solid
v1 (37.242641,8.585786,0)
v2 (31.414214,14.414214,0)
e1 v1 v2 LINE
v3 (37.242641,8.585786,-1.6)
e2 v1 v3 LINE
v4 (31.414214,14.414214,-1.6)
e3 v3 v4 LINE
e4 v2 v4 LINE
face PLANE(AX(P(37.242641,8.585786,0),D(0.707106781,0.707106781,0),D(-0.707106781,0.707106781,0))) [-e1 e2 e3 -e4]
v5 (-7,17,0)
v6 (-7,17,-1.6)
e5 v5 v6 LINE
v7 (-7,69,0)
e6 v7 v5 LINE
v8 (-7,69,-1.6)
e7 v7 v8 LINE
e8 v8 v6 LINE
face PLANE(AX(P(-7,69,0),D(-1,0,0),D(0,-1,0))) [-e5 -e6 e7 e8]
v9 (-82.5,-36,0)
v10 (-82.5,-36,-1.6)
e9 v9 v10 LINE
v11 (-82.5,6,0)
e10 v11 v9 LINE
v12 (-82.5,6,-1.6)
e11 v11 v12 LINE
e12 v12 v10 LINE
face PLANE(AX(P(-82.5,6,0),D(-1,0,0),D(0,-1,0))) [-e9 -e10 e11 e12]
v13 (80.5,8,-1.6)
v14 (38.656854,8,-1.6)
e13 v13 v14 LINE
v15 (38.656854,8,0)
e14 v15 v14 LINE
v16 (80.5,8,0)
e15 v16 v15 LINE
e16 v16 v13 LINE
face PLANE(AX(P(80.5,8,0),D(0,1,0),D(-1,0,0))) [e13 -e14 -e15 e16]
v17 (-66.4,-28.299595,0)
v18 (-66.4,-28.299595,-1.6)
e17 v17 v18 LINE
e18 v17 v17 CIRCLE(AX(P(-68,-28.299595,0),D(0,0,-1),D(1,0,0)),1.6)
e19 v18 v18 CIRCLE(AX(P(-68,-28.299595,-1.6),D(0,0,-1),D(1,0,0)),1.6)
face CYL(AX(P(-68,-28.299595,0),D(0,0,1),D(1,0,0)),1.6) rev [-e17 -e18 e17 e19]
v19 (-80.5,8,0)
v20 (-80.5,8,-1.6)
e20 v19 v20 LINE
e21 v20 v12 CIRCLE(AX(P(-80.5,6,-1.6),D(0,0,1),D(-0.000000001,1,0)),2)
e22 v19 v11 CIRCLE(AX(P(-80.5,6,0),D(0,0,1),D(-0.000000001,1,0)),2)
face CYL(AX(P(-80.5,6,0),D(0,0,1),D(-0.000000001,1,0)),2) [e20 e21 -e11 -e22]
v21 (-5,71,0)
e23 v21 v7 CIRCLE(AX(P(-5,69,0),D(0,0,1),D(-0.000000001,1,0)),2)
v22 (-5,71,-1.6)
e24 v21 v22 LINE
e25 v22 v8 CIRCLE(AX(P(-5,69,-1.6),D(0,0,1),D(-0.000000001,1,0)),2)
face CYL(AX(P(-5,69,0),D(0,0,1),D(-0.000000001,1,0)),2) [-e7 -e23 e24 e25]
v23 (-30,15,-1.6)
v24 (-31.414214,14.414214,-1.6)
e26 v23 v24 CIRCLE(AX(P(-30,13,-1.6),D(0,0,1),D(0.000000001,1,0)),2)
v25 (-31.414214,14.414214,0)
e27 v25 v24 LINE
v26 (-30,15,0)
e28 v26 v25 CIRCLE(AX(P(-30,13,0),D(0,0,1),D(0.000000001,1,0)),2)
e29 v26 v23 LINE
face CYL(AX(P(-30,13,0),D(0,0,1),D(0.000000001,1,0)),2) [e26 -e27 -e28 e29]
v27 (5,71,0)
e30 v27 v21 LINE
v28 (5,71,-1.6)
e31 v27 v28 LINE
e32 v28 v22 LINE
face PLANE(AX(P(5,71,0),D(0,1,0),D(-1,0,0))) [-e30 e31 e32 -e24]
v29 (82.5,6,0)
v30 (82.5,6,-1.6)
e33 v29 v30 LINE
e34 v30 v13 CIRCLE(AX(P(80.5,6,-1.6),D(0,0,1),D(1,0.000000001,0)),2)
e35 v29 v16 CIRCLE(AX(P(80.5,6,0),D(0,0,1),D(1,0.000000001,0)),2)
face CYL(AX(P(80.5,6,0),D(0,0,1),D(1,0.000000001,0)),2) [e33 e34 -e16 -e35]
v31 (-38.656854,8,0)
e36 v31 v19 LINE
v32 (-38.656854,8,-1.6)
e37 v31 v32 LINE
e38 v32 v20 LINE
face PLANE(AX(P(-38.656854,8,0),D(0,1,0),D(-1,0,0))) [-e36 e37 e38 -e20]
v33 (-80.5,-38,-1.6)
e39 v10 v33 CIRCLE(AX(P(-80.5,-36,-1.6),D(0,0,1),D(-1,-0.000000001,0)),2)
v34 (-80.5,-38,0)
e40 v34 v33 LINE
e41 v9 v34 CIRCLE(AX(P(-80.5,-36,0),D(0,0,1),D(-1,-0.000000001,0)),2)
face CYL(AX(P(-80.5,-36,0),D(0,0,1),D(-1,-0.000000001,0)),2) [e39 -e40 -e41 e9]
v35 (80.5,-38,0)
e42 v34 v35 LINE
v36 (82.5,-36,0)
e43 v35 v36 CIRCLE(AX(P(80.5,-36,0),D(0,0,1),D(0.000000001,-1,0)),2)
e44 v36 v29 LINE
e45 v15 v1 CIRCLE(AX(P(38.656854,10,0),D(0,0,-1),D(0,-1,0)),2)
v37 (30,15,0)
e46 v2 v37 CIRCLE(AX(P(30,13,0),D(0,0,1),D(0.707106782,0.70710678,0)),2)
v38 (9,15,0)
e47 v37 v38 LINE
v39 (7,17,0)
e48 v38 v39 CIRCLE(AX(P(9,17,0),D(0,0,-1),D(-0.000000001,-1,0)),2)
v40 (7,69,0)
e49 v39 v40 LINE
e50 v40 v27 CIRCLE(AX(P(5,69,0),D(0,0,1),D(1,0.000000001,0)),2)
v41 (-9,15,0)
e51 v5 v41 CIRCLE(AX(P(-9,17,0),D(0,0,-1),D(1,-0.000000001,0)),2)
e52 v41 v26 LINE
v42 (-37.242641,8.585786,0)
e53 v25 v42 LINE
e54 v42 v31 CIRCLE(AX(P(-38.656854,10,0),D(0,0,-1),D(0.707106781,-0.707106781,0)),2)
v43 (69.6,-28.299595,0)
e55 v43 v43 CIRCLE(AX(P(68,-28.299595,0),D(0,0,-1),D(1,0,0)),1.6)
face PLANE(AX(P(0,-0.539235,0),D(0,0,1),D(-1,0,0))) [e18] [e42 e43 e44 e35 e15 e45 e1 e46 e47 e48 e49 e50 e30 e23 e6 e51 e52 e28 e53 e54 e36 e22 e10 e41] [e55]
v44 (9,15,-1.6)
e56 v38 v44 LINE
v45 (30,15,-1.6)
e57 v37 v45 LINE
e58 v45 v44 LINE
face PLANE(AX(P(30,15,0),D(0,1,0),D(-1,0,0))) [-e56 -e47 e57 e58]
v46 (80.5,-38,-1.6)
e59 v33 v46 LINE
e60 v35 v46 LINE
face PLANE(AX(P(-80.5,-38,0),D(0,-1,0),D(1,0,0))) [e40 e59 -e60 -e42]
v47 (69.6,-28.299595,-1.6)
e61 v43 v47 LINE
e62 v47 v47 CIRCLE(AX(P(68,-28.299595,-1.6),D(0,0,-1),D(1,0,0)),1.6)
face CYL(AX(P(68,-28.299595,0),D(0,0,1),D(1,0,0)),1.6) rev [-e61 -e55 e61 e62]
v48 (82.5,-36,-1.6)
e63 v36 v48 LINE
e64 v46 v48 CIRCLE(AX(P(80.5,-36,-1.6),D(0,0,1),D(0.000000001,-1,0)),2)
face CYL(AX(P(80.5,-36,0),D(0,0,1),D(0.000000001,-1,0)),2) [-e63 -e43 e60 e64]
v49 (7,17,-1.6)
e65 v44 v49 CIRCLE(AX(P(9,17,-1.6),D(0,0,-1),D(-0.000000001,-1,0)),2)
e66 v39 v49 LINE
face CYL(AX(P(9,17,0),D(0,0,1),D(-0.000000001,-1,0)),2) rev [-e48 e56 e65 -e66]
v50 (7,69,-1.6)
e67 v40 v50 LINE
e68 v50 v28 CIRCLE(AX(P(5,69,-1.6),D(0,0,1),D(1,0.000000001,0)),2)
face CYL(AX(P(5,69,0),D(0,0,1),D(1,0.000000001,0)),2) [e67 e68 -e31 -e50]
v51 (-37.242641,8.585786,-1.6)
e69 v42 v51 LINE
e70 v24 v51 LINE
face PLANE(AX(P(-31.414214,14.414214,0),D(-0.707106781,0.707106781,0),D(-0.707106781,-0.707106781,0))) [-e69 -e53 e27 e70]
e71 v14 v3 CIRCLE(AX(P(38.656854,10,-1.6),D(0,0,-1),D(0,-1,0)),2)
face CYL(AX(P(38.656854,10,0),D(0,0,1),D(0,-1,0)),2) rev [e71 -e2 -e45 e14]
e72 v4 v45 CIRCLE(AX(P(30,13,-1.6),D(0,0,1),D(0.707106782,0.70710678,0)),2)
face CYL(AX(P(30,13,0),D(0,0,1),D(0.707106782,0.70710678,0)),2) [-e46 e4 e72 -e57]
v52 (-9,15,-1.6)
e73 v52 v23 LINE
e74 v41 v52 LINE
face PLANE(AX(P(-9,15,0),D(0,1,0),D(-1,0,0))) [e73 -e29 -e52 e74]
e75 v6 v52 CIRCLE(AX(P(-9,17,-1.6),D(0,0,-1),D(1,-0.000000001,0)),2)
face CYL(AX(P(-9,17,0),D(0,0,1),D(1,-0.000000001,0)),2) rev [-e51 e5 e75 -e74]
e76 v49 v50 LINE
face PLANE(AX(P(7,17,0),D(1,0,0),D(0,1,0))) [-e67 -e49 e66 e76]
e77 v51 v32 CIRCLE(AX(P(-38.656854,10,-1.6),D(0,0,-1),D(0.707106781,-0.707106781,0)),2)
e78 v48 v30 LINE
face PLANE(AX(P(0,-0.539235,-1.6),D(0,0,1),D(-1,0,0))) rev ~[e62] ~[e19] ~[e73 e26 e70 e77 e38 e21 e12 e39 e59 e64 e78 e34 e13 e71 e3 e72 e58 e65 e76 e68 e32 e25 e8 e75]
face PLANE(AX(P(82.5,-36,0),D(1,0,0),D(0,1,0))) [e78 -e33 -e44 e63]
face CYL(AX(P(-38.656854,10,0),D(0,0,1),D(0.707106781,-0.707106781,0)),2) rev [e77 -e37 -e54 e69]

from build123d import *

# Parameters (mm, degrees)
SKETCH2_R           = 1.6
BOSS_EXTRUDE1_DEPTH = 1.6


with BuildPart() as part:
    # Sketch2 → Boss-Extrude1 (new body)
    with BuildSketch(Plane(origin=(0, 7465.170984135, 0), x_dir=(1, 0, 0), z_dir=(0, 0, -1))):
        with BuildLine():
            Line((37.242640687, 7456.585197697), (31.414213562, 7450.756770573))
            ThreePointArc((31.414213562, 7450.756770573), (30.765366865, 7450.32322507), (30, 7450.170984135))
            Line((30, 7450.170984135), (9, 7450.170984135))
            ThreePointArc((9, 7450.170984135), (7.585786438, 7449.585197697), (7, 7448.170984135))
            Line((7, 7448.170984135), (7, 7396.170984135))
            ThreePointArc((7, 7396.170984135), (6.414213562, 7394.756770573), (5, 7394.170984135))
            Line((5, 7394.170984135), (-5, 7394.170984135))
            ThreePointArc((-5, 7394.170984135), (-6.414213562, 7394.756770573), (-7, 7396.170984135))
            Line((-7, 7396.170984135), (-7, 7448.170984135))
            ThreePointArc((-7, 7448.170984135), (-7.585786438, 7449.585197697), (-9, 7450.170984135))
            Line((-9, 7450.170984135), (-30, 7450.170984135))
            ThreePointArc((-30, 7450.170984135), (-30.765366865, 7450.32322507), (-31.414213562, 7450.756770573))
            Line((-31.414213562, 7450.756770573), (-37.242640687, 7456.585197697))
            ThreePointArc((-37.242640687, 7456.585197697), (-37.891487385, 7457.0187432), (-38.656854249, 7457.170984135))
            Line((-38.656854249, 7457.170984135), (-80.5, 7457.170984135))
            ThreePointArc((-80.5, 7457.170984135), (-81.914213562, 7457.756770573), (-82.5, 7459.170984135))
            Line((-82.5, 7459.170984135), (-82.5, 7501.170984135))
            ThreePointArc((-82.5, 7501.170984135), (-81.914213562, 7502.585197697), (-80.5, 7503.170984135))
            Line((-80.5, 7503.170984135), (80.5, 7503.170984135))
            ThreePointArc((80.5, 7503.170984135), (81.914213562, 7502.585197697), (82.5, 7501.170984135))
            Line((82.5, 7501.170984135), (82.5, 7459.170984135))
            ThreePointArc((82.5, 7459.170984135), (81.914213562, 7457.756770573), (80.5, 7457.170984135))
            Line((80.5, 7457.170984135), (38.656854249, 7457.170984135))
            ThreePointArc((38.656854249, 7457.170984135), (37.891487385, 7457.0187432), (37.242640687, 7456.585197697))
        make_face()
        with Locations((-68, 7493.470579606)):
            Circle(SKETCH2_R, mode=Mode.SUBTRACT)
        with Locations((68, 7493.470579606)):
            Circle(SKETCH2_R, mode=Mode.SUBTRACT)
    extrude(amount=BOSS_EXTRUDE1_DEPTH)


solid = part.part
